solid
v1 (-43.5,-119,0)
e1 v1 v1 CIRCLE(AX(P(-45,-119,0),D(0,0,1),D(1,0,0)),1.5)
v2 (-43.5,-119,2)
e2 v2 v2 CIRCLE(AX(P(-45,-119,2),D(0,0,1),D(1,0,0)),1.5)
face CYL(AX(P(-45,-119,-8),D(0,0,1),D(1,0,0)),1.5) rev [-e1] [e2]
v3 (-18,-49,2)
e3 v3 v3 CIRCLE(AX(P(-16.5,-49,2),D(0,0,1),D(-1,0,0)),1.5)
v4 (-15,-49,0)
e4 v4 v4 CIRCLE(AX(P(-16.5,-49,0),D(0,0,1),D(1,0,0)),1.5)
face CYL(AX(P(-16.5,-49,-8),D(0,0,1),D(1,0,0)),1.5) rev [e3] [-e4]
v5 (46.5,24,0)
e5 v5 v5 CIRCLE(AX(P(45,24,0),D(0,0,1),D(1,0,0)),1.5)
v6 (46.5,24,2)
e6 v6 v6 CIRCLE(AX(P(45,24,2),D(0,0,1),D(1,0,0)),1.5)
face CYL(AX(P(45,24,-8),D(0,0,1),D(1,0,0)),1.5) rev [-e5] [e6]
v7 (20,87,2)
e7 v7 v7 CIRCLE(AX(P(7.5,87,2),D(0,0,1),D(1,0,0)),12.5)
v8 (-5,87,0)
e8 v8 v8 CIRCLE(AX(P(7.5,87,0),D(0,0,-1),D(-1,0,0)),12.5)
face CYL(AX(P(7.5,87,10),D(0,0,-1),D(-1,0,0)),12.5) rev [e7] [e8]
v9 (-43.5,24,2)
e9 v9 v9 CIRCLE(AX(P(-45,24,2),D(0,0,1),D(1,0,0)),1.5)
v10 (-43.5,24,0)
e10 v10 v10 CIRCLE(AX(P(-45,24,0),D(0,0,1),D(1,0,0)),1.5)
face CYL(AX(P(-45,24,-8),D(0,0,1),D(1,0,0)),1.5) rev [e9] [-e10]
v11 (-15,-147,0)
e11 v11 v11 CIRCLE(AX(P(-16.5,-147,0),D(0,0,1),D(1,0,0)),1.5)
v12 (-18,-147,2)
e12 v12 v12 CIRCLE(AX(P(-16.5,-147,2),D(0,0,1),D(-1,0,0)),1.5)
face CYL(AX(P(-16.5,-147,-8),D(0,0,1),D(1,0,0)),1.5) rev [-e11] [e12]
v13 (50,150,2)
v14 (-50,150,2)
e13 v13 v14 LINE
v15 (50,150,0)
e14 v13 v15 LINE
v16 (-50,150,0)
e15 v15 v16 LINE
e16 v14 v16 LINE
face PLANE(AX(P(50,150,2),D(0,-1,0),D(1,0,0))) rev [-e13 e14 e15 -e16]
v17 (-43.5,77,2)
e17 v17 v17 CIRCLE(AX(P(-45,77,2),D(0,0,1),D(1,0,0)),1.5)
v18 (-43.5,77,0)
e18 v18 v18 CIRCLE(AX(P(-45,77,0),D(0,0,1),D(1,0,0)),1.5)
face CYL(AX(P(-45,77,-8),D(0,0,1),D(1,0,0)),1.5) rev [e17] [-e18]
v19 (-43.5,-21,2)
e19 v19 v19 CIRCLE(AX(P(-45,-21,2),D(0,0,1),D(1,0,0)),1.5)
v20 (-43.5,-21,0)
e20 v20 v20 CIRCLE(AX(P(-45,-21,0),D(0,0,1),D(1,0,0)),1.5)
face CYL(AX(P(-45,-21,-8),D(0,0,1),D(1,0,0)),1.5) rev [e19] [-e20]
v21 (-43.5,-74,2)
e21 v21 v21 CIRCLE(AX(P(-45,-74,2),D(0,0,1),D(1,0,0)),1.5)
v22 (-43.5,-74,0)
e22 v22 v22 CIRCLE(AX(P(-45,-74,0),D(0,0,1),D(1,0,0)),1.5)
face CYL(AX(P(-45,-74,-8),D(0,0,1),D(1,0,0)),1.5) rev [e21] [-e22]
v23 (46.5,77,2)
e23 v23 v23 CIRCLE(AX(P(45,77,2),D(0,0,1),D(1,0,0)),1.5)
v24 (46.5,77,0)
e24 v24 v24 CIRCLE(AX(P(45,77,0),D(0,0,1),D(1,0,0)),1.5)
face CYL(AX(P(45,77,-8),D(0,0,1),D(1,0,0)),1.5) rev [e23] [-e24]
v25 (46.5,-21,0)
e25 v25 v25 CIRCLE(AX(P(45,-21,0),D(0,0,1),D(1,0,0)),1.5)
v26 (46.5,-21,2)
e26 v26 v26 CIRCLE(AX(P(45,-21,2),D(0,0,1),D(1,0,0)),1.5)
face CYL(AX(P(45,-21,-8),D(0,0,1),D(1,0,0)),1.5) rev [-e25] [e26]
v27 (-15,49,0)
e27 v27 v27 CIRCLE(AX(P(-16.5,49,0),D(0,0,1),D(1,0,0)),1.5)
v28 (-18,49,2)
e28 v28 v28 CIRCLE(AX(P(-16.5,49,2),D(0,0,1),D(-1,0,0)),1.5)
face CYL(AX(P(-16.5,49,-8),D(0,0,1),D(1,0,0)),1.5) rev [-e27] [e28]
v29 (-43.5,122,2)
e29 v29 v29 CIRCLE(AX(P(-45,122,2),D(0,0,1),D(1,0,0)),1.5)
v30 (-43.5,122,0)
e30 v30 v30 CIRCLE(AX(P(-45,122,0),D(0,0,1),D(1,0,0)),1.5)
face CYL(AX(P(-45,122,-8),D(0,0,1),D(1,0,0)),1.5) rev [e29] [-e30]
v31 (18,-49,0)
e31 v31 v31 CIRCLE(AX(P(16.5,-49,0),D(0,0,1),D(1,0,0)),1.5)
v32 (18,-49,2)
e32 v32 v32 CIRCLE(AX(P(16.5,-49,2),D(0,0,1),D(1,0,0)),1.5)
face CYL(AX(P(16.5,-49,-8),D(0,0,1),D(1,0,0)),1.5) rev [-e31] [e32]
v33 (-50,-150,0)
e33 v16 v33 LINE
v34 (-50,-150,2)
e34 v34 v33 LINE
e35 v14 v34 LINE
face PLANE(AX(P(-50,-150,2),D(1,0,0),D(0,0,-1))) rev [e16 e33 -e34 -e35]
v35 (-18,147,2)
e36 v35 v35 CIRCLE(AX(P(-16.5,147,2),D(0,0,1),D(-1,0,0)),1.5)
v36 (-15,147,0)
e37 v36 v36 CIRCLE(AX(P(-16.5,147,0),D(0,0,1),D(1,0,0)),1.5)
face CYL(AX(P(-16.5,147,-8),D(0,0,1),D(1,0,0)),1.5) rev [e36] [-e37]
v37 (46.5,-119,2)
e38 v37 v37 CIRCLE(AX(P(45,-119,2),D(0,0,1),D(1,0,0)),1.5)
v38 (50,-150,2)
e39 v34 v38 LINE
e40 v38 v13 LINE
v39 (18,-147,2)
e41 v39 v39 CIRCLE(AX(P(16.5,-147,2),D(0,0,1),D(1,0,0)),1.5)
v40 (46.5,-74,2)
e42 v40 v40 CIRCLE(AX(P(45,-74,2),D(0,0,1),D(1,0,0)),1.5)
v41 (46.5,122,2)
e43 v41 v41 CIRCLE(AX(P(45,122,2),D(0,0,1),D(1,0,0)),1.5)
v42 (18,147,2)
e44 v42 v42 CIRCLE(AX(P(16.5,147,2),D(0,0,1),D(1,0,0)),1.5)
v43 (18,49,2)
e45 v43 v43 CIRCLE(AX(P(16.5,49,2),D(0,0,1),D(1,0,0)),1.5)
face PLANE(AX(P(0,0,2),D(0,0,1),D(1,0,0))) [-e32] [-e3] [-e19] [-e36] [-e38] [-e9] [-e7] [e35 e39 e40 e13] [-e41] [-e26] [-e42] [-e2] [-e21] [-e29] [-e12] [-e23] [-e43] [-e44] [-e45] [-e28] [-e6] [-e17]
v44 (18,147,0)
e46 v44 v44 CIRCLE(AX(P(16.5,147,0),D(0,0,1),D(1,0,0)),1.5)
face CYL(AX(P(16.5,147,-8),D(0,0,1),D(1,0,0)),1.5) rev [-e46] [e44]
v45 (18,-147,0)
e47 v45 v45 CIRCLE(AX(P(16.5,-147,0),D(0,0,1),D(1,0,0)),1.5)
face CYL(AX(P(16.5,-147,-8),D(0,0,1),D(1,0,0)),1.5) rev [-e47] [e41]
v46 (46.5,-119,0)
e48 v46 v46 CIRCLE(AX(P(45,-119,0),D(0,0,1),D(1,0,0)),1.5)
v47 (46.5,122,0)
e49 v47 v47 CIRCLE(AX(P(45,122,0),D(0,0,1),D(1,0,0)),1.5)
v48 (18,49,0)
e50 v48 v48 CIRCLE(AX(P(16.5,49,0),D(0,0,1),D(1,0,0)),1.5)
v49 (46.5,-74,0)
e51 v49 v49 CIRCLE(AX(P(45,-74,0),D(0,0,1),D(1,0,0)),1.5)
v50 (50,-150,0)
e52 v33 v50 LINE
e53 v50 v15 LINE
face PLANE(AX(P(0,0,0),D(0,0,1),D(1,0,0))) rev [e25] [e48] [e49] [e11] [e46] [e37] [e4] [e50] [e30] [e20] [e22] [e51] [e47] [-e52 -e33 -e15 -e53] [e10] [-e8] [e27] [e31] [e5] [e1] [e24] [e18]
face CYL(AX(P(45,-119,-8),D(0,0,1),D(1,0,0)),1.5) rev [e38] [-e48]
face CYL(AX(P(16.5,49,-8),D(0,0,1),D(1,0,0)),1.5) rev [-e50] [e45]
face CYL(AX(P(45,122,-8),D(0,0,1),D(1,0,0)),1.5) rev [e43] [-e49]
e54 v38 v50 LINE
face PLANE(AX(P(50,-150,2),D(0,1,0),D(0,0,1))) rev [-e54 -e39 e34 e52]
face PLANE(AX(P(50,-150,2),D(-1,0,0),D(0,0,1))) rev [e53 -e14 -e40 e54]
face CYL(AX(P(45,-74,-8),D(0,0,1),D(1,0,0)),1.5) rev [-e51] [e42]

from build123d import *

# Parameters (mm, degrees)
SKETCH1_W           = 100
SKETCH1_H           = 300
BOSS_EXTRUDE1_DEPTH = 2
SKETCH2_R           = 1.5
CUT_EXTRUDE1_DEPTH  = 10
SKETCH3_R           = 12.5
CUT_EXTRUDE2_DEPTH  = 10


with BuildPart() as part:
    # Sketch1 → Boss-Extrude1 (new body)
    with BuildSketch(Plane.XY):
        Rectangle(SKETCH1_W, SKETCH1_H)
    extrude(amount=BOSS_EXTRUDE1_DEPTH)

    # Sketch2 → Cut-Extrude1 (cut)
    with BuildSketch(Plane.XY.offset(2)):
        with Locations((-45, 122)):
            Circle(SKETCH2_R)
        with Locations((-45, 77)):
            Circle(SKETCH2_R)
        with Locations((45, 122)):
            Circle(SKETCH2_R)
        with Locations((45, 77)):
            Circle(SKETCH2_R)
        with Locations((-45, 24)):
            Circle(SKETCH2_R)
        with Locations((-45, -21)):
            Circle(SKETCH2_R)
        with Locations((45, 24)):
            Circle(SKETCH2_R)
        with Locations((45, -21)):
            Circle(SKETCH2_R)
        with Locations((-45, -74)):
            Circle(SKETCH2_R)
        with Locations((-45, -119)):
            Circle(SKETCH2_R)
        with Locations((45, -74)):
            Circle(SKETCH2_R)
        with Locations((45, -119)):
            Circle(SKETCH2_R)
        with Locations((16.5, -147)):
            Circle(SKETCH2_R)
        with Locations((-16.5, -147)):
            Circle(SKETCH2_R)
        with Locations((-16.5, -49)):
            Circle(SKETCH2_R)
        with Locations((16.5, -49)):
            Circle(SKETCH2_R)
        with Locations((-16.5, 49)):
            Circle(SKETCH2_R)
        with Locations((16.5, 49)):
            Circle(SKETCH2_R)
        with Locations((-16.5, 147)):
            Circle(SKETCH2_R)
        with Locations((16.5, 147)):
            Circle(SKETCH2_R)
    extrude(amount=-CUT_EXTRUDE1_DEPTH, mode=Mode.SUBTRACT)

    # Sketch3 → Cut-Extrude2 (cut)
    with BuildSketch(Plane(origin=(0, 0, 0), x_dir=(-1, 0, 0), z_dir=(0, 0, -1))):
        with Locations((-7.5, 87)):
            Circle(SKETCH3_R)
    extrude(amount=-CUT_EXTRUDE2_DEPTH, mode=Mode.SUBTRACT)


solid = part.part
